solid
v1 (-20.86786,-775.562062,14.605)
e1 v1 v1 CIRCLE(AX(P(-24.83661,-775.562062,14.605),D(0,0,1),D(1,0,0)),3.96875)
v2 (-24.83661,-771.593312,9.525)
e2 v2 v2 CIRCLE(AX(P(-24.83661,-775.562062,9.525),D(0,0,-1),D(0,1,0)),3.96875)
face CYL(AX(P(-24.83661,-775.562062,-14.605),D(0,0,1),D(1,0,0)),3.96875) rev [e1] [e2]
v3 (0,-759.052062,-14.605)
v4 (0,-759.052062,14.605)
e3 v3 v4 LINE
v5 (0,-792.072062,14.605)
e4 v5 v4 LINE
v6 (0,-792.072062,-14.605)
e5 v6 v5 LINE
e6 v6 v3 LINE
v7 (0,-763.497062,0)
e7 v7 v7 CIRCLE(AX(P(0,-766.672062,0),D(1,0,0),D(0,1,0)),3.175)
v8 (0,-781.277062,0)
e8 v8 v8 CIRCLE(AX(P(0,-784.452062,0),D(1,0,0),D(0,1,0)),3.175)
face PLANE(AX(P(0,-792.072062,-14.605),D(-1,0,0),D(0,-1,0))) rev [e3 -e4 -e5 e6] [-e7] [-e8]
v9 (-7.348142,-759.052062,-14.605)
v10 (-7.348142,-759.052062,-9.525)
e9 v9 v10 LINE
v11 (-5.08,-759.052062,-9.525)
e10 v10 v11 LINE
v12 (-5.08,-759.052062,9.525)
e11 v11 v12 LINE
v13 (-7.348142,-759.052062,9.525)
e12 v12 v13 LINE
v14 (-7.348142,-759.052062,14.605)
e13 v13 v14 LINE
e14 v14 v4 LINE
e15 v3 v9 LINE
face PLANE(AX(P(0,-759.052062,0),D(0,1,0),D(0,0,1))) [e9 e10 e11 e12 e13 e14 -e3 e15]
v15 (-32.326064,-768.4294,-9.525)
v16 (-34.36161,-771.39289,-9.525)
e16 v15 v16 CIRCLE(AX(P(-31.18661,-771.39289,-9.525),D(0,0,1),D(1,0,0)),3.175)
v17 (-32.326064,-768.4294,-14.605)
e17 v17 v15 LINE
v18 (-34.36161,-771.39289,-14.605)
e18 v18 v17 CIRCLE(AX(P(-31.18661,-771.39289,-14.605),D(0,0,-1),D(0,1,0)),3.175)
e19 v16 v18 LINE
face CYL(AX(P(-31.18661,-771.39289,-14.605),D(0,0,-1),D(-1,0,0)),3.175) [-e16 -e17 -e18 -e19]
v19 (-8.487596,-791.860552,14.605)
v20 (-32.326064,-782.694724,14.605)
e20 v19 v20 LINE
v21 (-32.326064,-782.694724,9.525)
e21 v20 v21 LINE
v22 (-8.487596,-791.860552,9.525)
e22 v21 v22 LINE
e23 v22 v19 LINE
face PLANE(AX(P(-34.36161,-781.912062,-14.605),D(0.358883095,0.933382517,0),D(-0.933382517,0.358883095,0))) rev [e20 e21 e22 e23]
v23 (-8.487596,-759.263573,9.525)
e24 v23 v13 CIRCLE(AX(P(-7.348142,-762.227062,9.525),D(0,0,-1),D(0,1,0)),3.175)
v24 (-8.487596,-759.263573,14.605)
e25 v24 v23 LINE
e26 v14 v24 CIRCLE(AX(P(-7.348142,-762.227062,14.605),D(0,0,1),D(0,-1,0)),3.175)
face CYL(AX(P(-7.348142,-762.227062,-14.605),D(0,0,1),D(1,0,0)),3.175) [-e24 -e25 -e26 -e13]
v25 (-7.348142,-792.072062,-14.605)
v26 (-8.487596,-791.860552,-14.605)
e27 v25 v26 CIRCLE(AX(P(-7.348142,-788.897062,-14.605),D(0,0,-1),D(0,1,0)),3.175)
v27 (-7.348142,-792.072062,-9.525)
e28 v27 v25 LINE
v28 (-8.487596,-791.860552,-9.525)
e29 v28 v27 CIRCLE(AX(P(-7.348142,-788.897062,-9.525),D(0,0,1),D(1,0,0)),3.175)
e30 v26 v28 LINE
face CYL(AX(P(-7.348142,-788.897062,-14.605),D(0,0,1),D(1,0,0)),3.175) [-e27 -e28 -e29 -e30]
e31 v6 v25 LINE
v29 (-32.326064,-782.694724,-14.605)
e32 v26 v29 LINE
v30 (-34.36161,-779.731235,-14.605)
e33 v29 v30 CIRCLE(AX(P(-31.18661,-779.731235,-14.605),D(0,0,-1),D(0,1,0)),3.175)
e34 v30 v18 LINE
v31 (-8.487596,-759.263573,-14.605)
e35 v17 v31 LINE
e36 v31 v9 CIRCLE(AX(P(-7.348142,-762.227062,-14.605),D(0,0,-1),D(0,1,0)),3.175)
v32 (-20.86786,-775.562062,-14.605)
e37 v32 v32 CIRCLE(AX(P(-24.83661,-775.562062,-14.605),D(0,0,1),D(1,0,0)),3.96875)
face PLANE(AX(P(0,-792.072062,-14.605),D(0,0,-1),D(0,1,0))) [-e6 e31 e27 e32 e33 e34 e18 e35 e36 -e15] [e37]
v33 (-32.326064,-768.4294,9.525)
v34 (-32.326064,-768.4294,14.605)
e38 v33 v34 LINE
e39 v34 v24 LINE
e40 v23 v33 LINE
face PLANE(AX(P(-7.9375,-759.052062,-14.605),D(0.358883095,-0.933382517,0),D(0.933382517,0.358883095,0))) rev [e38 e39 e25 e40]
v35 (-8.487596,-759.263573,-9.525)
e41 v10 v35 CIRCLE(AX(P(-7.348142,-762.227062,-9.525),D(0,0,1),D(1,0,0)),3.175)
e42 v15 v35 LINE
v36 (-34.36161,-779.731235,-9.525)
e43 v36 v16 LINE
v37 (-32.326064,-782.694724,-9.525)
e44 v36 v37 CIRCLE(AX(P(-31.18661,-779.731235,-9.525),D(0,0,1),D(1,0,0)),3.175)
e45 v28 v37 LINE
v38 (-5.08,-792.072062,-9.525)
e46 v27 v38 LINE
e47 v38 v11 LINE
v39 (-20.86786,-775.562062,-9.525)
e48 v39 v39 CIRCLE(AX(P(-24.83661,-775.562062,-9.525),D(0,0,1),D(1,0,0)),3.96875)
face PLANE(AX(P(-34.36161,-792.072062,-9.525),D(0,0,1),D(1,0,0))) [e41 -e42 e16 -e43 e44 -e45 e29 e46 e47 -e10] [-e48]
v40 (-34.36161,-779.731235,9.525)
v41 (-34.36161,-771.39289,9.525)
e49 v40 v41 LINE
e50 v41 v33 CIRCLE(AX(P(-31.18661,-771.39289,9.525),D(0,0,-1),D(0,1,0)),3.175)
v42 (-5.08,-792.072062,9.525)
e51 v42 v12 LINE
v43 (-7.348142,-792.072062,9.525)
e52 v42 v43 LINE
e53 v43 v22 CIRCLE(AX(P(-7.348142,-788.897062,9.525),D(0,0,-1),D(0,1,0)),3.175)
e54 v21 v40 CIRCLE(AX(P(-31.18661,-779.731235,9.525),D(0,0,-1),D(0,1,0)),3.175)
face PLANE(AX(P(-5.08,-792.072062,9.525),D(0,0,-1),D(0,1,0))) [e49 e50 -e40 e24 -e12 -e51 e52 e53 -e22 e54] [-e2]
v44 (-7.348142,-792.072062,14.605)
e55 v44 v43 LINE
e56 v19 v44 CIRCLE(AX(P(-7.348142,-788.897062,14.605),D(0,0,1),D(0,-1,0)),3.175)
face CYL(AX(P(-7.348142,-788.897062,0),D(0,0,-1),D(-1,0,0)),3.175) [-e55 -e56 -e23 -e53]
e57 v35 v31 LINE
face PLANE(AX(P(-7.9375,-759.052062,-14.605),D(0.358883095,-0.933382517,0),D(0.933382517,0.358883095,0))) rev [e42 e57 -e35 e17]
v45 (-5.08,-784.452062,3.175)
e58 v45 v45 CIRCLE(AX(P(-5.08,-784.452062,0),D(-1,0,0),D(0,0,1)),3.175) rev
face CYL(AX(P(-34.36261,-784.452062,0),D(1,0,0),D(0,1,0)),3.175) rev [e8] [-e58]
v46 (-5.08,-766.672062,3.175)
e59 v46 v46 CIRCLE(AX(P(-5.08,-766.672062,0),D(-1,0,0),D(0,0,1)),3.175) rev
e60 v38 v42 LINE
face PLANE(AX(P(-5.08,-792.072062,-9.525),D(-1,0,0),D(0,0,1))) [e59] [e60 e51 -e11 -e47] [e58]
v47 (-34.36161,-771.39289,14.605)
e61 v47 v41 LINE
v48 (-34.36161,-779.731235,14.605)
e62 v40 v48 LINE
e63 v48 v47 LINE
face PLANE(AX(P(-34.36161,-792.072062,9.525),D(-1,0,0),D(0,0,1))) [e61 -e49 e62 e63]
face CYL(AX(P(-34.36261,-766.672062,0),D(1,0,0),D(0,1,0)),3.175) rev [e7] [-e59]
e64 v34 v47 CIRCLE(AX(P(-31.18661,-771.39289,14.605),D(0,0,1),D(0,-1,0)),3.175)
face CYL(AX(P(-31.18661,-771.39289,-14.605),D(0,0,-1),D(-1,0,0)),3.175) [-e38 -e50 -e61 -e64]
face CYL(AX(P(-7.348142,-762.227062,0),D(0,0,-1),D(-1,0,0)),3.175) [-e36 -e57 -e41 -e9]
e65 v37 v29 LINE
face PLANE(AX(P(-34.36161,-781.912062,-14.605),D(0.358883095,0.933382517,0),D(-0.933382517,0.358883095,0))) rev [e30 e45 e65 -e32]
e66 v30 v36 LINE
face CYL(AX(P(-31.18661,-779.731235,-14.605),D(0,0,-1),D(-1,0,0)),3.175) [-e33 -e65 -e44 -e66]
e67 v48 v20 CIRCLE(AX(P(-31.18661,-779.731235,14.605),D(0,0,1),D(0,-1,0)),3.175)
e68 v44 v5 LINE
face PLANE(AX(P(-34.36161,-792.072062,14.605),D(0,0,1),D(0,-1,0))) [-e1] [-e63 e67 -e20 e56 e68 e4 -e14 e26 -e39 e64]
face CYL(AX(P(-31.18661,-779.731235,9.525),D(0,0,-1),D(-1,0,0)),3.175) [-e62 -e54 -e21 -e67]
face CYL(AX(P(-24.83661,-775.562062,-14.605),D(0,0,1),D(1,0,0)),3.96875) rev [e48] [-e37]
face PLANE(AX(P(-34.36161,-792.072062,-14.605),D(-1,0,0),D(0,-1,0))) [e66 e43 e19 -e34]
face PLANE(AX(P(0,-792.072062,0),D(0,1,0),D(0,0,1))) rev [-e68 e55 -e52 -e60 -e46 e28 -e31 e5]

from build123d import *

# Parameters (mm, degrees)
BOSS_EXTRUDE1_DEPTH = 33.02
CUT_EXTRUDE1_REACH  = 794.952
SKETCH2_R           = 3.175
SKETCH3_R           = 3.96875
CUT_EXTRUDE2_DEPTH  = 794.354962335
FILLET1_R           = 3.175


with BuildPart() as part:
    # Sketch1 → Boss-Extrude1 (new body)
    with BuildSketch(Plane(origin=(0, -759.052062329, 0), x_dir=(-1, 0, 0), z_dir=(0, -1, 0))):
        Polygon((0, 14.605), (0, -14.605), (34.361609966, -14.605), (34.361609966, -9.525), (5.08, -9.525), (5.08, 9.525), (34.361609966, 9.525), (34.361609966, 14.605), align=None)
    extrude(amount=BOSS_EXTRUDE1_DEPTH)

    # Sketch2 → Cut-Extrude1 (cut, up to next)
    with BuildSketch(Plane(origin=(0, 0, 0), x_dir=(0, 0, -1), z_dir=(1, 0, 0)), mode=Mode.PRIVATE) as cut_extrude1_sk1:
        with Locations(Location((0, -784.452062329, 0), (0, 0, 90))):
            Circle(SKETCH2_R)
    cut_extrude1_tool1 = extrude(cut_extrude1_sk1.sketch, amount=-CUT_EXTRUDE1_REACH, mode=Mode.PRIVATE) & part.part
    # Sketch2 → Cut-Extrude1 (cut, up to next)
    with BuildSketch(Plane(origin=(0, 0, 0), x_dir=(0, 0, -1), z_dir=(1, 0, 0)), mode=Mode.PRIVATE) as cut_extrude1_sk2:
        with Locations(Location((0, -766.672062329, 0), (0, 0, 90))):
            Circle(SKETCH2_R)
    cut_extrude1_tool2 = extrude(cut_extrude1_sk2.sketch, amount=-CUT_EXTRUDE1_REACH, mode=Mode.PRIVATE) & part.part
    add(cut_extrude1_tool1.solids().sort_by_distance((0, -784.452062, 0))[0], mode=Mode.SUBTRACT)
    add(cut_extrude1_tool2.solids().sort_by_distance((0, -766.672062, 0))[0], mode=Mode.SUBTRACT)

    # Sketch3 → Cut-Extrude2 (cut, through all)
    with BuildSketch(Plane.XY.offset(14.605)):
        with Locations((-24.836609966, -775.562062329)):
            Circle(SKETCH3_R)
        Polygon((-7.9375, -759.052062329), (-34.361609966, -769.212062329), (-34.361609966, -759.052062329), align=None)
        Polygon((-34.361609966, -792.072062329), (-34.361609966, -781.912062329), (-7.9375, -792.072062329), align=None)
    extrude(amount=-CUT_EXTRUDE2_DEPTH, mode=Mode.SUBTRACT)

    # Fillet1
    fillet1_edges = [part.edges().sort_by_distance(p)[0] for p in [
        (-7.9375, -759.052062329, 12.065),
        (-7.9375, -792.072062329, 12.065),
        (-34.361609966, -781.912062329, 12.065),
        (-7.9375, -792.072062329, -12.065),
        (-34.361609966, -781.912062329, -12.065),
        (-34.361609966, -769.212062329, 12.065),
        (-7.9375, -759.052062329, -12.065),
        (-34.361609966, -769.212062329, -12.065),
    ]]
    fillet(fillet1_edges, radius=FILLET1_R)


solid = part.part
